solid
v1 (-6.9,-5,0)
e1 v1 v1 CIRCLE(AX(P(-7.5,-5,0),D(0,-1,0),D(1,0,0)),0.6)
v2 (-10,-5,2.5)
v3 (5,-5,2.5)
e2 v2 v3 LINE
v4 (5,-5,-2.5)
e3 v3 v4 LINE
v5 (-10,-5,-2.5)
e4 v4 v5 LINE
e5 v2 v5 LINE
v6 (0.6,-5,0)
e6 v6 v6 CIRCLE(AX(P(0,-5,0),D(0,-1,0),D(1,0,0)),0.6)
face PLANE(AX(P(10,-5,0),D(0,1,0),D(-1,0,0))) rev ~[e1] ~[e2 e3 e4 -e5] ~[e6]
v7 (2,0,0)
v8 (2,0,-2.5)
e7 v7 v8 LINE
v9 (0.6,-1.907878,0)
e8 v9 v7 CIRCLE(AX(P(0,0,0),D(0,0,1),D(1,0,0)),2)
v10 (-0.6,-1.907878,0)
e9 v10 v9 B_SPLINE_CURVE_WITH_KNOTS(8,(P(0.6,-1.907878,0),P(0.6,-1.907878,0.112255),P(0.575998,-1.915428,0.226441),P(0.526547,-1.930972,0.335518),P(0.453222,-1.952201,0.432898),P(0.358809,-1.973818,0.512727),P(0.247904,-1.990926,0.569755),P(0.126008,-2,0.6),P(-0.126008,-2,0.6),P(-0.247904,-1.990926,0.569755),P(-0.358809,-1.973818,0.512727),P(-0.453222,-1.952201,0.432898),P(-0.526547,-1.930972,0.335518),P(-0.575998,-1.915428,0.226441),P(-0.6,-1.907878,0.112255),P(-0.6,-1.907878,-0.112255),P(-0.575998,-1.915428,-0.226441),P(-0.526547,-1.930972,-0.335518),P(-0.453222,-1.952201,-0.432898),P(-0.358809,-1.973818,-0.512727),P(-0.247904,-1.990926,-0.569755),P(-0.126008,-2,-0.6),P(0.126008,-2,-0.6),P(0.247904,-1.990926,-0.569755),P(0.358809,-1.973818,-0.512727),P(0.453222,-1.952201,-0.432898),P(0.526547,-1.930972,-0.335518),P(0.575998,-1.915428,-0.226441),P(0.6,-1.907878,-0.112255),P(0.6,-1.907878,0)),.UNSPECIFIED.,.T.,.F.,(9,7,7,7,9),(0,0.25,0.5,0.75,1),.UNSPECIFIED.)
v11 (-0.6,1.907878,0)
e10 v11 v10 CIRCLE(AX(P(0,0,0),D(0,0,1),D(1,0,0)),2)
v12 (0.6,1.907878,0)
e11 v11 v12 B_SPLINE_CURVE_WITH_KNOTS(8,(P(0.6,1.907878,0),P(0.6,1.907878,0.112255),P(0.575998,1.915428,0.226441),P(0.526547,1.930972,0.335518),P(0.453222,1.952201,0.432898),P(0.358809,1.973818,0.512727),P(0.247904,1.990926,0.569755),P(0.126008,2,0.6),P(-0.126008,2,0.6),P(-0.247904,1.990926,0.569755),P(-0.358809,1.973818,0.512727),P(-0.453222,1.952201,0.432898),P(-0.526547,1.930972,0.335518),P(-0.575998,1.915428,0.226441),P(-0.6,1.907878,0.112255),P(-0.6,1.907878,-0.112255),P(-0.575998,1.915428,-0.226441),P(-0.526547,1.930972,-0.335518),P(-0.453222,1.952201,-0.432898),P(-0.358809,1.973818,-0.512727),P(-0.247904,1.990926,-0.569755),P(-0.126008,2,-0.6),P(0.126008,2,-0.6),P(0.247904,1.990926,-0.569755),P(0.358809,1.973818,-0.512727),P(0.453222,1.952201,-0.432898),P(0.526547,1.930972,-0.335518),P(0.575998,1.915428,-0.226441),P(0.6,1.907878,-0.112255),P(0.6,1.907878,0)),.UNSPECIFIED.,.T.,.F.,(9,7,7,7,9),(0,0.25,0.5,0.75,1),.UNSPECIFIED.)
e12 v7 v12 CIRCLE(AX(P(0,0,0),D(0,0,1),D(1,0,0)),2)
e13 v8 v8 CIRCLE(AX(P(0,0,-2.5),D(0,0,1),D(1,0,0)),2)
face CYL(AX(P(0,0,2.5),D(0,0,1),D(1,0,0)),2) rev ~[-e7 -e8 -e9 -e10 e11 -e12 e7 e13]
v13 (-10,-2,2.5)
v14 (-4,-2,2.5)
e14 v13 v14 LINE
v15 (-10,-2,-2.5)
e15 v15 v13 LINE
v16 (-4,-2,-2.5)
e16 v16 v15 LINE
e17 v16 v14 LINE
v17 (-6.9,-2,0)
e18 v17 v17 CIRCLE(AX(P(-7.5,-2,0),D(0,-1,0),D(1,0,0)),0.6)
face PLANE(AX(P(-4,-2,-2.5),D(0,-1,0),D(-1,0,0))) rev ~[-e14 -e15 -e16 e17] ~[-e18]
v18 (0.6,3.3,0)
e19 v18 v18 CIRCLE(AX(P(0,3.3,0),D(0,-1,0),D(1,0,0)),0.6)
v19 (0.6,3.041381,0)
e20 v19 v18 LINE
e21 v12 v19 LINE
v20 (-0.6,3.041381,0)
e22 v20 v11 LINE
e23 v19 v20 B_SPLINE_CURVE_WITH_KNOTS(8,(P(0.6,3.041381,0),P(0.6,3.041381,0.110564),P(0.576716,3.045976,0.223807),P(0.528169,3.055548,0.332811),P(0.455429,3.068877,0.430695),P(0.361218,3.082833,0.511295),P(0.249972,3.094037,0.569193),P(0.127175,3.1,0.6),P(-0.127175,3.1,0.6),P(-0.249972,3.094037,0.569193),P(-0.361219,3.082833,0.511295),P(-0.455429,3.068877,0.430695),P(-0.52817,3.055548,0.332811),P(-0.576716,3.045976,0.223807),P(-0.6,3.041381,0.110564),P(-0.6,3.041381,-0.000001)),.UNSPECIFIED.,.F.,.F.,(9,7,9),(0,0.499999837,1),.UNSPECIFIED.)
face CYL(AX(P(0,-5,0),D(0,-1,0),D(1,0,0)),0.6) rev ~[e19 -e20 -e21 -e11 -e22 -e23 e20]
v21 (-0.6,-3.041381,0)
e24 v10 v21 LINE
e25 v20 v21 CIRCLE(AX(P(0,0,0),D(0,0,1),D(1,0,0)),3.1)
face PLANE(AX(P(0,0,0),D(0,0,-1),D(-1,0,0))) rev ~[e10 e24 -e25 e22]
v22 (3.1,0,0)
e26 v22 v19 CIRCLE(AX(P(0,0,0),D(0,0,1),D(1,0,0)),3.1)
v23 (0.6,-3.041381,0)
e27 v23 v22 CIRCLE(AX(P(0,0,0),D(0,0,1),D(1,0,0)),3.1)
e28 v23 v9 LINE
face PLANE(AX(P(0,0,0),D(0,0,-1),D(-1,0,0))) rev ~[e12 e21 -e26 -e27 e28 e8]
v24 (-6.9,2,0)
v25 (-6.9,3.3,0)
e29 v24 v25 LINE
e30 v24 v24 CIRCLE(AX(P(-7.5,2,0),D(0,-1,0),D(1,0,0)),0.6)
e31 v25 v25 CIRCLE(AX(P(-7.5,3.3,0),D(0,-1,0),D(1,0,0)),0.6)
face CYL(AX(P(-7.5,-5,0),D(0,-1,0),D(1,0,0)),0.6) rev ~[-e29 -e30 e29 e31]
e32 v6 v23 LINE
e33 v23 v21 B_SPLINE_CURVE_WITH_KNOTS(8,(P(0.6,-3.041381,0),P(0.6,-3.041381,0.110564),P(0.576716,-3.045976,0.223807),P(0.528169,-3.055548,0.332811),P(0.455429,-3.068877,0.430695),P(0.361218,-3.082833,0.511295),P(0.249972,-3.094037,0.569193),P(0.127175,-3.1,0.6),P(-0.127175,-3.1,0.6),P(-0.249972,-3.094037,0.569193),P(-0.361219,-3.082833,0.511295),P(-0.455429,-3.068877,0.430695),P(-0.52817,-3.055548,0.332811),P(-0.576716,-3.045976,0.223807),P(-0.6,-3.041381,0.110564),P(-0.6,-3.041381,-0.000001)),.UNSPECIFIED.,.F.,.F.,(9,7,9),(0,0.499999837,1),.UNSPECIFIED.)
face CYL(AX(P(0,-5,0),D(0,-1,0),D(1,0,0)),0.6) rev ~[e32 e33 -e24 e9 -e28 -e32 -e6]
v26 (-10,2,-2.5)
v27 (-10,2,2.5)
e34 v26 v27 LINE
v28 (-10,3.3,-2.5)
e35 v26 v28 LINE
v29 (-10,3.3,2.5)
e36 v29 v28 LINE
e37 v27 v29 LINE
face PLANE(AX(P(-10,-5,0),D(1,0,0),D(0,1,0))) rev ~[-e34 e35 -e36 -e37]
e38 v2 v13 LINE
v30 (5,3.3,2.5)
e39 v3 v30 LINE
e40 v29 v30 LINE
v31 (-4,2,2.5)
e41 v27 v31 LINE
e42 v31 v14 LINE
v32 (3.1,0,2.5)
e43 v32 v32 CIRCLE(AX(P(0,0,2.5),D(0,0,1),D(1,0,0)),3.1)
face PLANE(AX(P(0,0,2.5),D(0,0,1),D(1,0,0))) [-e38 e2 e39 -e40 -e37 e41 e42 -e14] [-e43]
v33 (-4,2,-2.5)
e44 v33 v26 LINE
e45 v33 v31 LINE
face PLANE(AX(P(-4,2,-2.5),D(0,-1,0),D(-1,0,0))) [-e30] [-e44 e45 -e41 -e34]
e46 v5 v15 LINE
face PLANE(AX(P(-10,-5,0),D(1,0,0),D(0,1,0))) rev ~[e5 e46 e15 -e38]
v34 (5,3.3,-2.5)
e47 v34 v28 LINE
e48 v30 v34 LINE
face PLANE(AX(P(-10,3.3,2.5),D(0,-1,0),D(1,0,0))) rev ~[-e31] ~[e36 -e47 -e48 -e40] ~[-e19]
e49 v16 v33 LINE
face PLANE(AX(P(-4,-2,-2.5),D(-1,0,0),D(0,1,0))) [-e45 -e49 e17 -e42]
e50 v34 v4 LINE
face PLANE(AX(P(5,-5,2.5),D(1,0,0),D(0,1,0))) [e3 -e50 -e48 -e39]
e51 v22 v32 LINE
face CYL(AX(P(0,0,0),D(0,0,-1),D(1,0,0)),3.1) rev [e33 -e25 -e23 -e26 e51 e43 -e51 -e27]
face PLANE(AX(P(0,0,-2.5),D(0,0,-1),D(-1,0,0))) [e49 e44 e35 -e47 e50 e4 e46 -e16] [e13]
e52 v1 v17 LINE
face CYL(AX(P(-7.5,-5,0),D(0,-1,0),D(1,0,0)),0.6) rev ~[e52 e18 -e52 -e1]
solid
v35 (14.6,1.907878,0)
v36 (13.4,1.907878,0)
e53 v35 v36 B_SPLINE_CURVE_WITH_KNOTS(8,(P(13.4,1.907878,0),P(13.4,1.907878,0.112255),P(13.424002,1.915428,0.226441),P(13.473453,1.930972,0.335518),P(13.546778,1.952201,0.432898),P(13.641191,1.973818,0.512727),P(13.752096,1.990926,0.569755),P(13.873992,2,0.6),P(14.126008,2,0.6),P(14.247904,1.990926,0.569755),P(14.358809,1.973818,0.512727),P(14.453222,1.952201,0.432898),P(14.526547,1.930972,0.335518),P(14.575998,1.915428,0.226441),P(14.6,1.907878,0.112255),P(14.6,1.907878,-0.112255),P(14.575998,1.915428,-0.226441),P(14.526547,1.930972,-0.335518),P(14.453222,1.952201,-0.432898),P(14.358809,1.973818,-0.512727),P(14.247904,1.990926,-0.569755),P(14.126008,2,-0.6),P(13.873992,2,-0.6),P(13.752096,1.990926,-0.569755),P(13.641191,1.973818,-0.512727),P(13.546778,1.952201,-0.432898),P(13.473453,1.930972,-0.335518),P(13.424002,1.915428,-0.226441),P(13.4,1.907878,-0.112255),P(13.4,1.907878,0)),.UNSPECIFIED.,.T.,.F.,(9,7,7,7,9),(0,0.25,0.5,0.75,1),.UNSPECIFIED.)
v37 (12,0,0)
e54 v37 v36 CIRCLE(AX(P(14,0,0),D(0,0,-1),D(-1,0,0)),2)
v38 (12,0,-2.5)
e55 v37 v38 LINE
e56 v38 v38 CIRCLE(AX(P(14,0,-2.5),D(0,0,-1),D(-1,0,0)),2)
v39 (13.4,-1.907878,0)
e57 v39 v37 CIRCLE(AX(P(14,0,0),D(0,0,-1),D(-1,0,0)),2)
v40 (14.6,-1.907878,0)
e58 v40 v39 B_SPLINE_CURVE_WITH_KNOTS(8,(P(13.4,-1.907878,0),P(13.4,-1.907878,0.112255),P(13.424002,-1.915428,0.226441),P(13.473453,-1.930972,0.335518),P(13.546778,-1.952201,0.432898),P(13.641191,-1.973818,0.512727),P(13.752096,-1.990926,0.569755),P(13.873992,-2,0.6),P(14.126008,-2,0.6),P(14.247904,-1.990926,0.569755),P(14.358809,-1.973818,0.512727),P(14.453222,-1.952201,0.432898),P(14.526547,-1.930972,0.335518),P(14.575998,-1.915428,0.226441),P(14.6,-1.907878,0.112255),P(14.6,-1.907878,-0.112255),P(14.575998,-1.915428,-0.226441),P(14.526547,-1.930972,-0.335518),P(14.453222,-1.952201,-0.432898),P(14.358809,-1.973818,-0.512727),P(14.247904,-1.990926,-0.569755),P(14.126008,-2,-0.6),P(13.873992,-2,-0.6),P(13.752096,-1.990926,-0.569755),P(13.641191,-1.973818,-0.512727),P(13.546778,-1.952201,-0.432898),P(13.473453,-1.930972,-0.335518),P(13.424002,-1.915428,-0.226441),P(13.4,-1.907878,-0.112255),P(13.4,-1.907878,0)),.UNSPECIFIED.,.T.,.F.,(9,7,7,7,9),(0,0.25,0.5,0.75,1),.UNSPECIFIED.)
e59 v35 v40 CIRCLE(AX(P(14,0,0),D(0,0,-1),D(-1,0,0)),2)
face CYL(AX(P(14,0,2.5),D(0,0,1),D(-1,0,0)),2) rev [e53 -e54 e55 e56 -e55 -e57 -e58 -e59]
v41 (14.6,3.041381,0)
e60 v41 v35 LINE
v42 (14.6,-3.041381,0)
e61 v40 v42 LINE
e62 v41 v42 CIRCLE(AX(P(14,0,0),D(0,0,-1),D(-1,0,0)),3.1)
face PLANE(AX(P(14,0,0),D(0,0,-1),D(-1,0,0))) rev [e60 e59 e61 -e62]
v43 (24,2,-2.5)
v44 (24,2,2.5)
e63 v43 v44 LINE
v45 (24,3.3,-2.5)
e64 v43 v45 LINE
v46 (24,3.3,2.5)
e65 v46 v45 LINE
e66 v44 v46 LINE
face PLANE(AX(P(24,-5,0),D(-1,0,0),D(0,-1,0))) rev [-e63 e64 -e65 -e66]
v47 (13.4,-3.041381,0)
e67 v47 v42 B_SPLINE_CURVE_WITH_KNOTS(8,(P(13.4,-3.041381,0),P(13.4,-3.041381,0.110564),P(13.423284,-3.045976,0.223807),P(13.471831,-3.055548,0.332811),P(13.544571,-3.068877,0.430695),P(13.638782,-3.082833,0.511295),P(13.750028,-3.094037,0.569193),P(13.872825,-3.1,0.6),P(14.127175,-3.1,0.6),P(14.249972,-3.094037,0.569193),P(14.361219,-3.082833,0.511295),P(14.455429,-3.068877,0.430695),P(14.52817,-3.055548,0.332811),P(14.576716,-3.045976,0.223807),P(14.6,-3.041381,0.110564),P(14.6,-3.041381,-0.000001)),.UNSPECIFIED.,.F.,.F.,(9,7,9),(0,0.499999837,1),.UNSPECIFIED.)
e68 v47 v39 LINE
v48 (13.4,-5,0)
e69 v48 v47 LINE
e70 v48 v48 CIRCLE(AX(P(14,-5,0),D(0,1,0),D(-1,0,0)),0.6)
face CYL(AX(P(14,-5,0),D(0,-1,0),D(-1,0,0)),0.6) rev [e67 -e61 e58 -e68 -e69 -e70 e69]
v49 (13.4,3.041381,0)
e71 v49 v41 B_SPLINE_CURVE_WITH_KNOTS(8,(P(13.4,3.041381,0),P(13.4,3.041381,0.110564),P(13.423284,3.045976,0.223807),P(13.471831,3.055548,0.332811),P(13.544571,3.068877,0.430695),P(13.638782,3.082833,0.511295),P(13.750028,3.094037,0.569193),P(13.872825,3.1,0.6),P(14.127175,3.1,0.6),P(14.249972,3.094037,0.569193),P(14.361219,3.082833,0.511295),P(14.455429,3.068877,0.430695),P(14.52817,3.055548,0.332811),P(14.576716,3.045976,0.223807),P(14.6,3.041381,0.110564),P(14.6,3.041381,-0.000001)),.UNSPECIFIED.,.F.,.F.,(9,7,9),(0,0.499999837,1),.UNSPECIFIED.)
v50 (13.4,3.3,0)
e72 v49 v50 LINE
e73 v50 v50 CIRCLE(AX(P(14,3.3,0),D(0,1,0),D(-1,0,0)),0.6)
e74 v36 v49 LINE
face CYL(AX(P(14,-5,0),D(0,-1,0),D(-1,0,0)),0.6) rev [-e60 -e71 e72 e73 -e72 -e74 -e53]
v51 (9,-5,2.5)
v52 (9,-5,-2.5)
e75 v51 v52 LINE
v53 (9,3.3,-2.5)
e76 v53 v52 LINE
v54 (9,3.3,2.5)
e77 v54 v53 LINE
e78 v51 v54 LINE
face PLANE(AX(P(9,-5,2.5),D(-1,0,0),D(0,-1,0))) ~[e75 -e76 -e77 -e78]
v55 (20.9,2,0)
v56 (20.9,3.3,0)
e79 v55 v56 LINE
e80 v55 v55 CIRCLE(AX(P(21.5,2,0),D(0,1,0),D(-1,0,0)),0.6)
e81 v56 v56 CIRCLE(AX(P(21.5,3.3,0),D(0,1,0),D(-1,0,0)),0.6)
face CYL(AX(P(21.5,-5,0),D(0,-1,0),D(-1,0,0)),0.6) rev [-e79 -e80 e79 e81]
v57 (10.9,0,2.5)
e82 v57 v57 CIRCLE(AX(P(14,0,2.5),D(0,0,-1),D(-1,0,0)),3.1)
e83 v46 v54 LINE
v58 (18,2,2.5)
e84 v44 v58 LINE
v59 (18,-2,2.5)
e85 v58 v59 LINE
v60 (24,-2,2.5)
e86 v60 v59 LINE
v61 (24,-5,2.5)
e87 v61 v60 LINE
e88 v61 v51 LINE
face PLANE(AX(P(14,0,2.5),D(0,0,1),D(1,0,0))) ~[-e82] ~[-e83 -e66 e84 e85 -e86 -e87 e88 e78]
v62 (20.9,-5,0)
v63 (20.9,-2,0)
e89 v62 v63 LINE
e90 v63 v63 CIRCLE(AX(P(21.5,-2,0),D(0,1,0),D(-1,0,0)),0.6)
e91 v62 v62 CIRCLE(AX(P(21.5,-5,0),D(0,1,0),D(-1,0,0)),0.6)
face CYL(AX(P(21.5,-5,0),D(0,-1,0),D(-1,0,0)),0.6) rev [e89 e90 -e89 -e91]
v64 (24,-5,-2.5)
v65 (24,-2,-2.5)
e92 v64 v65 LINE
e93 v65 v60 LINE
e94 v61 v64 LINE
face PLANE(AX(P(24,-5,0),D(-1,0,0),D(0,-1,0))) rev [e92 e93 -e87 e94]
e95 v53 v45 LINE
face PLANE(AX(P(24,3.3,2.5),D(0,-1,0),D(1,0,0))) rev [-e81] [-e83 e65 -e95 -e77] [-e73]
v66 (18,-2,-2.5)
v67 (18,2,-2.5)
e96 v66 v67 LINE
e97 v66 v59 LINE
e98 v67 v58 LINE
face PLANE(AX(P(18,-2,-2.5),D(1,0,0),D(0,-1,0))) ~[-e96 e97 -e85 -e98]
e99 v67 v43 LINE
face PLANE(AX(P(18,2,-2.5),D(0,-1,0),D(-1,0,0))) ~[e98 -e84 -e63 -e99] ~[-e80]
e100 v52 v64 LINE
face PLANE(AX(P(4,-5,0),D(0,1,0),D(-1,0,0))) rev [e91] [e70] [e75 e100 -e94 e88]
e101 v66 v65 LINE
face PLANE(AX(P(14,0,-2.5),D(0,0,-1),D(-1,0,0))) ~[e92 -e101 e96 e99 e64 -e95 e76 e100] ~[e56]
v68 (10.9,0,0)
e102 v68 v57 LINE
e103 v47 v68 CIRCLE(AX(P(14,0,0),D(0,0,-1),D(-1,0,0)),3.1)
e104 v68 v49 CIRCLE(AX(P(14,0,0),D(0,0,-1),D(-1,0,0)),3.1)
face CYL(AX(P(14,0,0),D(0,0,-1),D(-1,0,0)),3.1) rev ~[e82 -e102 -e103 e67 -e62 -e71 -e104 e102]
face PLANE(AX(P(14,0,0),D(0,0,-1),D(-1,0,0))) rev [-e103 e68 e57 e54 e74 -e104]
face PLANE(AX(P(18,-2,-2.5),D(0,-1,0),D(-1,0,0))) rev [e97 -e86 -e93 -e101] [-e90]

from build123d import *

# Parameters (mm, degrees)
SKETCH_1_W          = 20
SKETCH_1_H          = 10
SKETCH_1_R          = 3.1
EXTRUDE_1_DEPTH     = 2.5
SKETCH_2_W          = 20
SKETCH_2_H          = 10
EXTRUDE_2_DEPTH     = 2.5
SKETCH_3_R          = 0.6
CUT_EXTRUDE_1_DEPTH = 15.361406616
SKETCH_4_W          = 6
SKETCH_4_H          = 4
CUT_EXTRUDE_2_DEPTH = 13.247448796
SKETCH_5_R          = 2
CUT_EXTRUDE_3_DEPTH = 13.247448755
SKETCH_6_W          = 20
SKETCH_6_H          = 1.7
CUT_EXTRUDE_4_DEPTH = 13.247448796
SKETCH_7_W          = 5
SKETCH_7_H          = 8.3
CUT_EXTRUDE_5_DEPTH = 13.247448796


with BuildPart() as part:
    # 草图1 → 凸台-拉伸1 (new body)
    with BuildSketch(Plane.XY):
        Rectangle(SKETCH_1_W, SKETCH_1_H)
        Circle(SKETCH_1_R, mode=Mode.SUBTRACT)
    extrude(amount=EXTRUDE_1_DEPTH)

    # 草图2 → 凸台-拉伸2 (add)
    with BuildSketch(Plane(origin=(0, 0, 0), x_dir=(-1, 0, 0), z_dir=(0, 0, -1))):
        Rectangle(SKETCH_2_W, SKETCH_2_H)
    extrude(amount=EXTRUDE_2_DEPTH)

    # 草图3 → 切除-拉伸1 (cut, through all)
    with BuildSketch(Plane.XZ.offset(5)):
        with Locations((-7.5, 0)):
            Circle(SKETCH_3_R)
        Circle(SKETCH_3_R)
    extrude(amount=-CUT_EXTRUDE_1_DEPTH, mode=Mode.SUBTRACT)

    # 草图4 → 切除-拉伸2 (cut, through all)
    with BuildSketch(Plane(origin=(0, 0, -2.5), x_dir=(-1, 0, 0), z_dir=(0, 0, -1))):
        with Locations((7, 0)):
            Rectangle(SKETCH_4_W, SKETCH_4_H)
    extrude(amount=-CUT_EXTRUDE_2_DEPTH, mode=Mode.SUBTRACT)

    # 草图5 → 切除-拉伸3 (cut, through all)
    with BuildSketch(Plane.XY.offset(2.5)):
        Circle(SKETCH_5_R)
    extrude(amount=-CUT_EXTRUDE_3_DEPTH, mode=Mode.SUBTRACT)

    # 草图6 → 切除-拉伸4 (cut, through all)
    with BuildSketch(Plane.XY.offset(2.5)):
        with Locations((0, 4.15)):
            Rectangle(SKETCH_6_W, SKETCH_6_H)
    extrude(amount=-CUT_EXTRUDE_4_DEPTH, mode=Mode.SUBTRACT)

    # 草图7 → 切除-拉伸5 (cut, through all)
    with BuildSketch(Plane.XY.offset(2.5)):
        with Locations((7.5, -0.85)):
            Rectangle(SKETCH_7_W, SKETCH_7_H)
    extrude(amount=-CUT_EXTRUDE_5_DEPTH, mode=Mode.SUBTRACT)


with BuildPart() as body_2:
    # 镜向2: mirrored copy
    add(part.part.mirror(Plane(origin=(7, 0, 0), x_dir=(0, 0, 1), z_dir=(1, 0, 0))))


solid = Compound([part.part, body_2.part])
